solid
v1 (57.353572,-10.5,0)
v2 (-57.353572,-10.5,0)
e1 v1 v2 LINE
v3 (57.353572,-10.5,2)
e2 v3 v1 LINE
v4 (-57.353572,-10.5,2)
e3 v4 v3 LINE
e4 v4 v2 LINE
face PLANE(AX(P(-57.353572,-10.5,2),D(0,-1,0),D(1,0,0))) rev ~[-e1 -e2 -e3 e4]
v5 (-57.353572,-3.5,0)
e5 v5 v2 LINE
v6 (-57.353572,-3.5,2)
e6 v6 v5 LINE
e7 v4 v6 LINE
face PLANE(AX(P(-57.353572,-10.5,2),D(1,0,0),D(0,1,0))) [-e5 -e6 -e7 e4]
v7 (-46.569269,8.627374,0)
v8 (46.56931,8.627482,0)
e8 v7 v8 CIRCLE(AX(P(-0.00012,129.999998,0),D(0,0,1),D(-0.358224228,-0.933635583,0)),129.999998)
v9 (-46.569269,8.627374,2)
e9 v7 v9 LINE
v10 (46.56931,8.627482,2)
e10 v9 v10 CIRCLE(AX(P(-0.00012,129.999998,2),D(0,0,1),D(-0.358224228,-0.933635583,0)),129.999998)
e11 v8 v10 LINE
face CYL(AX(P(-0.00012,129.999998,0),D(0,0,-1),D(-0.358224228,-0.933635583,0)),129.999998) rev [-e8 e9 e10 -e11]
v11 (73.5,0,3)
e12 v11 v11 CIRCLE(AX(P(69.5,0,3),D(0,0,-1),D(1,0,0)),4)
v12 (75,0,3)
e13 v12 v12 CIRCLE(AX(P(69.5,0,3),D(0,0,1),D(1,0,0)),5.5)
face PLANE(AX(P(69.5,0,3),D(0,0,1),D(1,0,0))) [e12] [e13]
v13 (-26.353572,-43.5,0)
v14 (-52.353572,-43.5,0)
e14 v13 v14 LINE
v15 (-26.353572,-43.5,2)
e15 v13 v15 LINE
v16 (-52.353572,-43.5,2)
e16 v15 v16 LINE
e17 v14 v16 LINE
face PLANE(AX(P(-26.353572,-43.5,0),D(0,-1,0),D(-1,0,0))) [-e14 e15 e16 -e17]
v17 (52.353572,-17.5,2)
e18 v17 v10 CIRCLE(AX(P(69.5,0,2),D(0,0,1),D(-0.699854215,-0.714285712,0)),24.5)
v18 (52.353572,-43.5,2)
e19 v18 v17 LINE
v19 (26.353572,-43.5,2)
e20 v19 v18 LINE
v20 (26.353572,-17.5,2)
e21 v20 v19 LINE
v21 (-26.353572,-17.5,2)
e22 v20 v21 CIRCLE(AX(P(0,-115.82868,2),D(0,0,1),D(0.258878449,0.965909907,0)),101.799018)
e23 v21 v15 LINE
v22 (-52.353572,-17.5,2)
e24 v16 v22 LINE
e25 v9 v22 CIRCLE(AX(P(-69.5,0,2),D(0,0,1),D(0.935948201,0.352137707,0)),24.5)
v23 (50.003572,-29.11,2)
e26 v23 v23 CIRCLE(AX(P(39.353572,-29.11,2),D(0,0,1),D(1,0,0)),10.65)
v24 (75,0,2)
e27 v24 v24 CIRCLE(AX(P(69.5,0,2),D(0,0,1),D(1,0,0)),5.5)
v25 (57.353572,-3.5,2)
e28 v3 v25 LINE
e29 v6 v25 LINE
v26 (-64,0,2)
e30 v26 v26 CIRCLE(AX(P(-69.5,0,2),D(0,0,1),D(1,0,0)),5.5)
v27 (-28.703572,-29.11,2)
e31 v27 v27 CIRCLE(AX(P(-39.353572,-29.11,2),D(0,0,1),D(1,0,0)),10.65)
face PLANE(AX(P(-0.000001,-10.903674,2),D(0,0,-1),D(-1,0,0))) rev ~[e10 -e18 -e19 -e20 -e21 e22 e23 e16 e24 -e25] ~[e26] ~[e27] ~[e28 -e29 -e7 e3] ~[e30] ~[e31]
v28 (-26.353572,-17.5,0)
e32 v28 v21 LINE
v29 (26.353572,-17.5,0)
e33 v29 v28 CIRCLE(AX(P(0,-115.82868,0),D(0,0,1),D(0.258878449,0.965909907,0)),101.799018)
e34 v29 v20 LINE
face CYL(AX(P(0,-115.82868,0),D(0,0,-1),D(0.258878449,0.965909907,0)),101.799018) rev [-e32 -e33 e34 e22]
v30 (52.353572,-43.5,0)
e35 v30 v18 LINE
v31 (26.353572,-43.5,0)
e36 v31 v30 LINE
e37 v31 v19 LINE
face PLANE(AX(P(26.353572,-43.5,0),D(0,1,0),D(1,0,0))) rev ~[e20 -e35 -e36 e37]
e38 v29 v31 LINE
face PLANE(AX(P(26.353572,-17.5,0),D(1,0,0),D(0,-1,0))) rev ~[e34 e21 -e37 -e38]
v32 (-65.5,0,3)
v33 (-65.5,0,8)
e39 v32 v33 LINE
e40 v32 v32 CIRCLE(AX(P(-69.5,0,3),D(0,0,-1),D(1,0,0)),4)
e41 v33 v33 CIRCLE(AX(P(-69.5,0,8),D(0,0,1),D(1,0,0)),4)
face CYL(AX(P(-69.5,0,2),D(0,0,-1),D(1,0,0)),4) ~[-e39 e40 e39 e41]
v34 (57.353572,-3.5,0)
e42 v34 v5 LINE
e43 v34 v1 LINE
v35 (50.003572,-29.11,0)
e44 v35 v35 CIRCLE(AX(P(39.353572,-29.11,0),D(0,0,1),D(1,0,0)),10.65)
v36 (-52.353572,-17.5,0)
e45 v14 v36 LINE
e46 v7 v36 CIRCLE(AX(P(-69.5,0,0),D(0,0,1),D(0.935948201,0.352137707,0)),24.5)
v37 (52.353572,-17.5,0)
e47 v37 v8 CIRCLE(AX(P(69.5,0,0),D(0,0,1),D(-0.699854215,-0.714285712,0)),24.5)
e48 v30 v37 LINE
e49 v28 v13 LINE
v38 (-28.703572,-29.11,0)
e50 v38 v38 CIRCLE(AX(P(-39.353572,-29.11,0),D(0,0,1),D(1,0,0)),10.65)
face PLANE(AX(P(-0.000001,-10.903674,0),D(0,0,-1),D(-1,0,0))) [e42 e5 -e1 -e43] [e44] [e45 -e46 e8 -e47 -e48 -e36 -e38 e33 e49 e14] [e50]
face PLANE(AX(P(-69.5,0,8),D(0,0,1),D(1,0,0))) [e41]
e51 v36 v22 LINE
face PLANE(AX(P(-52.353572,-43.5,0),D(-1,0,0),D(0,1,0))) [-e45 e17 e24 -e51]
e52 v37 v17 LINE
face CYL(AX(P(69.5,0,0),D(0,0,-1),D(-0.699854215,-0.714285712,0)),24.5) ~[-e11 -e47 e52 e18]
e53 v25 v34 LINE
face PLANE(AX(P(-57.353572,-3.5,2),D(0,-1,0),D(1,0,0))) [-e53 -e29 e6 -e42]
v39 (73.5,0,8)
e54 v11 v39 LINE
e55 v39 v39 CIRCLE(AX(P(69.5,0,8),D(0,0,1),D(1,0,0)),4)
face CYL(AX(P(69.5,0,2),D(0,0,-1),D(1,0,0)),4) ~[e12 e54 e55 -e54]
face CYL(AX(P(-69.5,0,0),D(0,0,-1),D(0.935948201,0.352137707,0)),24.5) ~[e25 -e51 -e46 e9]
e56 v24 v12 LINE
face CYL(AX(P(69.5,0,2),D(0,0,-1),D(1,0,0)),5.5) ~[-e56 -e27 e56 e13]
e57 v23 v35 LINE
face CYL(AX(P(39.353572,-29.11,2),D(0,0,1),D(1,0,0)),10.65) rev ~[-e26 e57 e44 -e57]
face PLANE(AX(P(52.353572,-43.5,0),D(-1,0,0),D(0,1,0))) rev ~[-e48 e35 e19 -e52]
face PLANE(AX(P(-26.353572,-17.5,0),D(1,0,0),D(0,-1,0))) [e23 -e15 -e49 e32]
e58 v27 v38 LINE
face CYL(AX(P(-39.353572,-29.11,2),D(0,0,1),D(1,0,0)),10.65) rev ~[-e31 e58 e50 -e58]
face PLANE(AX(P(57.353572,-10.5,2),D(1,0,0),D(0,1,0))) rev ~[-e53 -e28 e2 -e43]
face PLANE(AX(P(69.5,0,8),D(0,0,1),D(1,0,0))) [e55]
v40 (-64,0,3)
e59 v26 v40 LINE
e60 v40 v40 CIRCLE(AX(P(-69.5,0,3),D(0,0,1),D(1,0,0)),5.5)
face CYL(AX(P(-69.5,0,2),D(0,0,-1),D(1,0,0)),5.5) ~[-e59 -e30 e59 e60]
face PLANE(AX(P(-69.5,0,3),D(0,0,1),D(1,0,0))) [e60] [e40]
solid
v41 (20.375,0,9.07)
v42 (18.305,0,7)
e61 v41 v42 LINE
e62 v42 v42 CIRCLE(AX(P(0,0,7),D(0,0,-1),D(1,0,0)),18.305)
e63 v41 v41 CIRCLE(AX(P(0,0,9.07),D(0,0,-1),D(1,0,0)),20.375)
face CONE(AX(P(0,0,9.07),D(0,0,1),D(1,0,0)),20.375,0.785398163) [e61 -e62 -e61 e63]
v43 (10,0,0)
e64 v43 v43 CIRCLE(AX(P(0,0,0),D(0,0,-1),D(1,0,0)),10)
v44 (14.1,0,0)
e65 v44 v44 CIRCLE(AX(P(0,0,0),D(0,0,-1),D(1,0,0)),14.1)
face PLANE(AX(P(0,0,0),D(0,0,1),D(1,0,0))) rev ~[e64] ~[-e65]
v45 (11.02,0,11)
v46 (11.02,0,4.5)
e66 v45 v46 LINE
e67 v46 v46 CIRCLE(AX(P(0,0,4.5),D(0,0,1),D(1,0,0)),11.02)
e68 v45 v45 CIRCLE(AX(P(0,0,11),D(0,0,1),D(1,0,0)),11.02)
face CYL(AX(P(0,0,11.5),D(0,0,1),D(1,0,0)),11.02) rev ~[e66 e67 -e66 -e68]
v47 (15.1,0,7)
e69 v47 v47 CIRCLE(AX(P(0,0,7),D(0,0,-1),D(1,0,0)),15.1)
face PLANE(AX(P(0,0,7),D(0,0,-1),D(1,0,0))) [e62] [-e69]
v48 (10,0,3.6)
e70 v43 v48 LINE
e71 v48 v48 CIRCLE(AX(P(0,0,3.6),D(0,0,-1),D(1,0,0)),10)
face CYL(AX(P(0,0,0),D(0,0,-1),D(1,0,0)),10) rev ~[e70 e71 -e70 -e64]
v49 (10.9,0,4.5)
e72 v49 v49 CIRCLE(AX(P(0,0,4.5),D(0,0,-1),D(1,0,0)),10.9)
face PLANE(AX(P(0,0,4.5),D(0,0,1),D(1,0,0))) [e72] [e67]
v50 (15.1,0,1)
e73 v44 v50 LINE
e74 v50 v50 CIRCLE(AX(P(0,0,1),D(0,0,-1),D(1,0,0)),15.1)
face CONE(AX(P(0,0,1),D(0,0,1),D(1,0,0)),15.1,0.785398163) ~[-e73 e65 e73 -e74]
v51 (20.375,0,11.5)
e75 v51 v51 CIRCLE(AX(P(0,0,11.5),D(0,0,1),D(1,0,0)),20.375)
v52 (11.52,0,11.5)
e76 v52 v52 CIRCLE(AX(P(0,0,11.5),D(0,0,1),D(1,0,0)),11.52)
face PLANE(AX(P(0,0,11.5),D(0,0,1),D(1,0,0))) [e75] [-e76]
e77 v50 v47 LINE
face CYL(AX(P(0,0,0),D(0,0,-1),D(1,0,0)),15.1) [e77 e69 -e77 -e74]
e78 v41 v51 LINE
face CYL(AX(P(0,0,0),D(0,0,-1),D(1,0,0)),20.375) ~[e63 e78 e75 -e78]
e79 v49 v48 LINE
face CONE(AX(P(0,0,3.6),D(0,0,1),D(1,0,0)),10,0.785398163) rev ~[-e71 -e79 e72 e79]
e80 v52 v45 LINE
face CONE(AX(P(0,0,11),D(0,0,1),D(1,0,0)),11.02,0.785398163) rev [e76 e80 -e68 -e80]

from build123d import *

# Parameters (mm, degrees)
SKETCH_R        = 20.375
PAD_DEPTH       = 11.5
SKETCH001_R     = 11.02
POCKET_DEPTH    = 7
SKETCH002_R     = 22.557979
SKETCH002_R_2   = 15.1
POCKET001_DEPTH = 7
SKETCH003_R     = 10
POCKET002_DEPTH = 11.501
CHAMFER_SIZE    = 2.07
CHAMFER001_SIZE = 0.5
CHAMFER002_SIZE = 0.9
CHAMFER003_SIZE = 1
PAD001_DEPTH    = 2
SKETCH005_R     = 10.65
POCKET003_DEPTH = 2.001
SKETCH006_R     = 5.5
PAD002_DEPTH    = 1
SKETCH007_R     = 4
PAD003_DEPTH    = 6
SKETCH008_W     = 114.707144
SKETCH008_H     = 7
POCKET004_DEPTH = 2.001


with BuildPart() as body:
    # Sketch → Pad (new body)
    with BuildSketch(Plane.XY):
        Circle(SKETCH_R)
    extrude(amount=PAD_DEPTH)

    # Sketch001 (on Face3 of Pad) → Pocket (cut)
    with BuildSketch(Plane.XY.offset(11.5)):
        Circle(SKETCH001_R)
    extrude(amount=-POCKET_DEPTH, mode=Mode.SUBTRACT)

    # Sketch002 (on Face2 of Pocket) → Pocket001 (cut)
    with BuildSketch(Plane(origin=(0, 0, 0), x_dir=(1, 0, 0), z_dir=(0, 0, -1))):
        Circle(SKETCH002_R)
        Circle(SKETCH002_R_2, mode=Mode.SUBTRACT)
    extrude(amount=-POCKET001_DEPTH, mode=Mode.SUBTRACT)

    # Sketch003 → Pocket002 (cut, through all)
    with BuildSketch(Plane(origin=(0, 0, 0), x_dir=(1, 0, 0), z_dir=(0, 0, -1))):
        Circle(SKETCH003_R)
    extrude(amount=-POCKET002_DEPTH, mode=Mode.SUBTRACT)

    # Chamfer
    chamfer_edges = [body.edges().sort_by_distance(p)[0] for p in [
        (-20.375, 0, 7),
    ]]
    chamfer(chamfer_edges, length=CHAMFER_SIZE)

    # Chamfer001
    chamfer001_edges = [body.edges().sort_by_distance(p)[0] for p in [
        (-11.02, 0, 11.5),
    ]]
    chamfer(chamfer001_edges, length=CHAMFER001_SIZE)

    # Chamfer002
    chamfer002_edges = [body.edges().sort_by_distance(p)[0] for p in [
        (-10, 0, 4.5),
    ]]
    chamfer(chamfer002_edges, length=CHAMFER002_SIZE)

    # Chamfer003
    chamfer003_edges = [body.edges().sort_by_distance(p)[0] for p in [
        (-15.1, 0, 0),
    ]]
    chamfer(chamfer003_edges, length=CHAMFER003_SIZE)


with BuildPart() as body001:
    # Sketch004 → Pad001 (new body)
    with BuildSketch(Plane.XY):
        with BuildLine():
            ThreePointArc((-46.569269, 8.627374), (3e-05, 0), (46.56931, 8.627482))
            ThreePointArc((52.353572, -17.5), (93.420811, 5.295736), (46.56931, 8.627482))
            Line((52.353572, -43.5), (52.353572, -17.5))
            Line((26.353572, -43.5), (52.353572, -43.5))
            Line((26.353572, -17.5), (26.353572, -43.5))
            ThreePointArc((26.353572, -17.5), (0, -14.029662), (-26.353572, -17.5))
            Line((-26.353572, -17.5), (-26.353572, -43.5))
            Line((-26.353572, -43.5), (-52.353572, -43.5))
            Line((-52.353572, -43.5), (-52.353572, -17.5))
            ThreePointArc((-46.569269, 8.627374), (-93.420798, 5.295792), (-52.353572, -17.5))
        make_face()
    extrude(amount=PAD001_DEPTH)

    # Sketch005 (on Face12 of Pad001) → Pocket003 (cut, through all)
    with BuildSketch(Plane.XY.offset(2)):
        with Locations((-39.353572, -29.11)):
            Circle(SKETCH005_R)
        with Locations((39.353572, -29.11)):
            Circle(SKETCH005_R)
    extrude(amount=-POCKET003_DEPTH, mode=Mode.SUBTRACT)

    # Sketch006 (on Face5 of Pocket003) → Pad002 (join)
    with BuildSketch(Plane.XY.offset(2)):
        with Locations((-69.5, 0)):
            Circle(SKETCH006_R)
        with Locations((69.5, 0)):
            Circle(SKETCH006_R)
    extrude(amount=PAD002_DEPTH)

    # Sketch007 (on Face5 of Pad002) → Pad003 (join)
    with BuildSketch(Plane.XY.offset(2)):
        with Locations((-69.5, 0)):
            Circle(SKETCH007_R)
        with Locations((69.5, 0)):
            Circle(SKETCH007_R)
    extrude(amount=PAD003_DEPTH)

    # Sketch008 (on Face5 of Pad003) → Pocket004 (cut, through all)
    with BuildSketch(Plane.XY.offset(2)):
        with Locations((0, -7)):
            Rectangle(SKETCH008_W, SKETCH008_H)
    extrude(amount=-POCKET004_DEPTH, mode=Mode.SUBTRACT)


solid = Compound([body.part, body001.part])
